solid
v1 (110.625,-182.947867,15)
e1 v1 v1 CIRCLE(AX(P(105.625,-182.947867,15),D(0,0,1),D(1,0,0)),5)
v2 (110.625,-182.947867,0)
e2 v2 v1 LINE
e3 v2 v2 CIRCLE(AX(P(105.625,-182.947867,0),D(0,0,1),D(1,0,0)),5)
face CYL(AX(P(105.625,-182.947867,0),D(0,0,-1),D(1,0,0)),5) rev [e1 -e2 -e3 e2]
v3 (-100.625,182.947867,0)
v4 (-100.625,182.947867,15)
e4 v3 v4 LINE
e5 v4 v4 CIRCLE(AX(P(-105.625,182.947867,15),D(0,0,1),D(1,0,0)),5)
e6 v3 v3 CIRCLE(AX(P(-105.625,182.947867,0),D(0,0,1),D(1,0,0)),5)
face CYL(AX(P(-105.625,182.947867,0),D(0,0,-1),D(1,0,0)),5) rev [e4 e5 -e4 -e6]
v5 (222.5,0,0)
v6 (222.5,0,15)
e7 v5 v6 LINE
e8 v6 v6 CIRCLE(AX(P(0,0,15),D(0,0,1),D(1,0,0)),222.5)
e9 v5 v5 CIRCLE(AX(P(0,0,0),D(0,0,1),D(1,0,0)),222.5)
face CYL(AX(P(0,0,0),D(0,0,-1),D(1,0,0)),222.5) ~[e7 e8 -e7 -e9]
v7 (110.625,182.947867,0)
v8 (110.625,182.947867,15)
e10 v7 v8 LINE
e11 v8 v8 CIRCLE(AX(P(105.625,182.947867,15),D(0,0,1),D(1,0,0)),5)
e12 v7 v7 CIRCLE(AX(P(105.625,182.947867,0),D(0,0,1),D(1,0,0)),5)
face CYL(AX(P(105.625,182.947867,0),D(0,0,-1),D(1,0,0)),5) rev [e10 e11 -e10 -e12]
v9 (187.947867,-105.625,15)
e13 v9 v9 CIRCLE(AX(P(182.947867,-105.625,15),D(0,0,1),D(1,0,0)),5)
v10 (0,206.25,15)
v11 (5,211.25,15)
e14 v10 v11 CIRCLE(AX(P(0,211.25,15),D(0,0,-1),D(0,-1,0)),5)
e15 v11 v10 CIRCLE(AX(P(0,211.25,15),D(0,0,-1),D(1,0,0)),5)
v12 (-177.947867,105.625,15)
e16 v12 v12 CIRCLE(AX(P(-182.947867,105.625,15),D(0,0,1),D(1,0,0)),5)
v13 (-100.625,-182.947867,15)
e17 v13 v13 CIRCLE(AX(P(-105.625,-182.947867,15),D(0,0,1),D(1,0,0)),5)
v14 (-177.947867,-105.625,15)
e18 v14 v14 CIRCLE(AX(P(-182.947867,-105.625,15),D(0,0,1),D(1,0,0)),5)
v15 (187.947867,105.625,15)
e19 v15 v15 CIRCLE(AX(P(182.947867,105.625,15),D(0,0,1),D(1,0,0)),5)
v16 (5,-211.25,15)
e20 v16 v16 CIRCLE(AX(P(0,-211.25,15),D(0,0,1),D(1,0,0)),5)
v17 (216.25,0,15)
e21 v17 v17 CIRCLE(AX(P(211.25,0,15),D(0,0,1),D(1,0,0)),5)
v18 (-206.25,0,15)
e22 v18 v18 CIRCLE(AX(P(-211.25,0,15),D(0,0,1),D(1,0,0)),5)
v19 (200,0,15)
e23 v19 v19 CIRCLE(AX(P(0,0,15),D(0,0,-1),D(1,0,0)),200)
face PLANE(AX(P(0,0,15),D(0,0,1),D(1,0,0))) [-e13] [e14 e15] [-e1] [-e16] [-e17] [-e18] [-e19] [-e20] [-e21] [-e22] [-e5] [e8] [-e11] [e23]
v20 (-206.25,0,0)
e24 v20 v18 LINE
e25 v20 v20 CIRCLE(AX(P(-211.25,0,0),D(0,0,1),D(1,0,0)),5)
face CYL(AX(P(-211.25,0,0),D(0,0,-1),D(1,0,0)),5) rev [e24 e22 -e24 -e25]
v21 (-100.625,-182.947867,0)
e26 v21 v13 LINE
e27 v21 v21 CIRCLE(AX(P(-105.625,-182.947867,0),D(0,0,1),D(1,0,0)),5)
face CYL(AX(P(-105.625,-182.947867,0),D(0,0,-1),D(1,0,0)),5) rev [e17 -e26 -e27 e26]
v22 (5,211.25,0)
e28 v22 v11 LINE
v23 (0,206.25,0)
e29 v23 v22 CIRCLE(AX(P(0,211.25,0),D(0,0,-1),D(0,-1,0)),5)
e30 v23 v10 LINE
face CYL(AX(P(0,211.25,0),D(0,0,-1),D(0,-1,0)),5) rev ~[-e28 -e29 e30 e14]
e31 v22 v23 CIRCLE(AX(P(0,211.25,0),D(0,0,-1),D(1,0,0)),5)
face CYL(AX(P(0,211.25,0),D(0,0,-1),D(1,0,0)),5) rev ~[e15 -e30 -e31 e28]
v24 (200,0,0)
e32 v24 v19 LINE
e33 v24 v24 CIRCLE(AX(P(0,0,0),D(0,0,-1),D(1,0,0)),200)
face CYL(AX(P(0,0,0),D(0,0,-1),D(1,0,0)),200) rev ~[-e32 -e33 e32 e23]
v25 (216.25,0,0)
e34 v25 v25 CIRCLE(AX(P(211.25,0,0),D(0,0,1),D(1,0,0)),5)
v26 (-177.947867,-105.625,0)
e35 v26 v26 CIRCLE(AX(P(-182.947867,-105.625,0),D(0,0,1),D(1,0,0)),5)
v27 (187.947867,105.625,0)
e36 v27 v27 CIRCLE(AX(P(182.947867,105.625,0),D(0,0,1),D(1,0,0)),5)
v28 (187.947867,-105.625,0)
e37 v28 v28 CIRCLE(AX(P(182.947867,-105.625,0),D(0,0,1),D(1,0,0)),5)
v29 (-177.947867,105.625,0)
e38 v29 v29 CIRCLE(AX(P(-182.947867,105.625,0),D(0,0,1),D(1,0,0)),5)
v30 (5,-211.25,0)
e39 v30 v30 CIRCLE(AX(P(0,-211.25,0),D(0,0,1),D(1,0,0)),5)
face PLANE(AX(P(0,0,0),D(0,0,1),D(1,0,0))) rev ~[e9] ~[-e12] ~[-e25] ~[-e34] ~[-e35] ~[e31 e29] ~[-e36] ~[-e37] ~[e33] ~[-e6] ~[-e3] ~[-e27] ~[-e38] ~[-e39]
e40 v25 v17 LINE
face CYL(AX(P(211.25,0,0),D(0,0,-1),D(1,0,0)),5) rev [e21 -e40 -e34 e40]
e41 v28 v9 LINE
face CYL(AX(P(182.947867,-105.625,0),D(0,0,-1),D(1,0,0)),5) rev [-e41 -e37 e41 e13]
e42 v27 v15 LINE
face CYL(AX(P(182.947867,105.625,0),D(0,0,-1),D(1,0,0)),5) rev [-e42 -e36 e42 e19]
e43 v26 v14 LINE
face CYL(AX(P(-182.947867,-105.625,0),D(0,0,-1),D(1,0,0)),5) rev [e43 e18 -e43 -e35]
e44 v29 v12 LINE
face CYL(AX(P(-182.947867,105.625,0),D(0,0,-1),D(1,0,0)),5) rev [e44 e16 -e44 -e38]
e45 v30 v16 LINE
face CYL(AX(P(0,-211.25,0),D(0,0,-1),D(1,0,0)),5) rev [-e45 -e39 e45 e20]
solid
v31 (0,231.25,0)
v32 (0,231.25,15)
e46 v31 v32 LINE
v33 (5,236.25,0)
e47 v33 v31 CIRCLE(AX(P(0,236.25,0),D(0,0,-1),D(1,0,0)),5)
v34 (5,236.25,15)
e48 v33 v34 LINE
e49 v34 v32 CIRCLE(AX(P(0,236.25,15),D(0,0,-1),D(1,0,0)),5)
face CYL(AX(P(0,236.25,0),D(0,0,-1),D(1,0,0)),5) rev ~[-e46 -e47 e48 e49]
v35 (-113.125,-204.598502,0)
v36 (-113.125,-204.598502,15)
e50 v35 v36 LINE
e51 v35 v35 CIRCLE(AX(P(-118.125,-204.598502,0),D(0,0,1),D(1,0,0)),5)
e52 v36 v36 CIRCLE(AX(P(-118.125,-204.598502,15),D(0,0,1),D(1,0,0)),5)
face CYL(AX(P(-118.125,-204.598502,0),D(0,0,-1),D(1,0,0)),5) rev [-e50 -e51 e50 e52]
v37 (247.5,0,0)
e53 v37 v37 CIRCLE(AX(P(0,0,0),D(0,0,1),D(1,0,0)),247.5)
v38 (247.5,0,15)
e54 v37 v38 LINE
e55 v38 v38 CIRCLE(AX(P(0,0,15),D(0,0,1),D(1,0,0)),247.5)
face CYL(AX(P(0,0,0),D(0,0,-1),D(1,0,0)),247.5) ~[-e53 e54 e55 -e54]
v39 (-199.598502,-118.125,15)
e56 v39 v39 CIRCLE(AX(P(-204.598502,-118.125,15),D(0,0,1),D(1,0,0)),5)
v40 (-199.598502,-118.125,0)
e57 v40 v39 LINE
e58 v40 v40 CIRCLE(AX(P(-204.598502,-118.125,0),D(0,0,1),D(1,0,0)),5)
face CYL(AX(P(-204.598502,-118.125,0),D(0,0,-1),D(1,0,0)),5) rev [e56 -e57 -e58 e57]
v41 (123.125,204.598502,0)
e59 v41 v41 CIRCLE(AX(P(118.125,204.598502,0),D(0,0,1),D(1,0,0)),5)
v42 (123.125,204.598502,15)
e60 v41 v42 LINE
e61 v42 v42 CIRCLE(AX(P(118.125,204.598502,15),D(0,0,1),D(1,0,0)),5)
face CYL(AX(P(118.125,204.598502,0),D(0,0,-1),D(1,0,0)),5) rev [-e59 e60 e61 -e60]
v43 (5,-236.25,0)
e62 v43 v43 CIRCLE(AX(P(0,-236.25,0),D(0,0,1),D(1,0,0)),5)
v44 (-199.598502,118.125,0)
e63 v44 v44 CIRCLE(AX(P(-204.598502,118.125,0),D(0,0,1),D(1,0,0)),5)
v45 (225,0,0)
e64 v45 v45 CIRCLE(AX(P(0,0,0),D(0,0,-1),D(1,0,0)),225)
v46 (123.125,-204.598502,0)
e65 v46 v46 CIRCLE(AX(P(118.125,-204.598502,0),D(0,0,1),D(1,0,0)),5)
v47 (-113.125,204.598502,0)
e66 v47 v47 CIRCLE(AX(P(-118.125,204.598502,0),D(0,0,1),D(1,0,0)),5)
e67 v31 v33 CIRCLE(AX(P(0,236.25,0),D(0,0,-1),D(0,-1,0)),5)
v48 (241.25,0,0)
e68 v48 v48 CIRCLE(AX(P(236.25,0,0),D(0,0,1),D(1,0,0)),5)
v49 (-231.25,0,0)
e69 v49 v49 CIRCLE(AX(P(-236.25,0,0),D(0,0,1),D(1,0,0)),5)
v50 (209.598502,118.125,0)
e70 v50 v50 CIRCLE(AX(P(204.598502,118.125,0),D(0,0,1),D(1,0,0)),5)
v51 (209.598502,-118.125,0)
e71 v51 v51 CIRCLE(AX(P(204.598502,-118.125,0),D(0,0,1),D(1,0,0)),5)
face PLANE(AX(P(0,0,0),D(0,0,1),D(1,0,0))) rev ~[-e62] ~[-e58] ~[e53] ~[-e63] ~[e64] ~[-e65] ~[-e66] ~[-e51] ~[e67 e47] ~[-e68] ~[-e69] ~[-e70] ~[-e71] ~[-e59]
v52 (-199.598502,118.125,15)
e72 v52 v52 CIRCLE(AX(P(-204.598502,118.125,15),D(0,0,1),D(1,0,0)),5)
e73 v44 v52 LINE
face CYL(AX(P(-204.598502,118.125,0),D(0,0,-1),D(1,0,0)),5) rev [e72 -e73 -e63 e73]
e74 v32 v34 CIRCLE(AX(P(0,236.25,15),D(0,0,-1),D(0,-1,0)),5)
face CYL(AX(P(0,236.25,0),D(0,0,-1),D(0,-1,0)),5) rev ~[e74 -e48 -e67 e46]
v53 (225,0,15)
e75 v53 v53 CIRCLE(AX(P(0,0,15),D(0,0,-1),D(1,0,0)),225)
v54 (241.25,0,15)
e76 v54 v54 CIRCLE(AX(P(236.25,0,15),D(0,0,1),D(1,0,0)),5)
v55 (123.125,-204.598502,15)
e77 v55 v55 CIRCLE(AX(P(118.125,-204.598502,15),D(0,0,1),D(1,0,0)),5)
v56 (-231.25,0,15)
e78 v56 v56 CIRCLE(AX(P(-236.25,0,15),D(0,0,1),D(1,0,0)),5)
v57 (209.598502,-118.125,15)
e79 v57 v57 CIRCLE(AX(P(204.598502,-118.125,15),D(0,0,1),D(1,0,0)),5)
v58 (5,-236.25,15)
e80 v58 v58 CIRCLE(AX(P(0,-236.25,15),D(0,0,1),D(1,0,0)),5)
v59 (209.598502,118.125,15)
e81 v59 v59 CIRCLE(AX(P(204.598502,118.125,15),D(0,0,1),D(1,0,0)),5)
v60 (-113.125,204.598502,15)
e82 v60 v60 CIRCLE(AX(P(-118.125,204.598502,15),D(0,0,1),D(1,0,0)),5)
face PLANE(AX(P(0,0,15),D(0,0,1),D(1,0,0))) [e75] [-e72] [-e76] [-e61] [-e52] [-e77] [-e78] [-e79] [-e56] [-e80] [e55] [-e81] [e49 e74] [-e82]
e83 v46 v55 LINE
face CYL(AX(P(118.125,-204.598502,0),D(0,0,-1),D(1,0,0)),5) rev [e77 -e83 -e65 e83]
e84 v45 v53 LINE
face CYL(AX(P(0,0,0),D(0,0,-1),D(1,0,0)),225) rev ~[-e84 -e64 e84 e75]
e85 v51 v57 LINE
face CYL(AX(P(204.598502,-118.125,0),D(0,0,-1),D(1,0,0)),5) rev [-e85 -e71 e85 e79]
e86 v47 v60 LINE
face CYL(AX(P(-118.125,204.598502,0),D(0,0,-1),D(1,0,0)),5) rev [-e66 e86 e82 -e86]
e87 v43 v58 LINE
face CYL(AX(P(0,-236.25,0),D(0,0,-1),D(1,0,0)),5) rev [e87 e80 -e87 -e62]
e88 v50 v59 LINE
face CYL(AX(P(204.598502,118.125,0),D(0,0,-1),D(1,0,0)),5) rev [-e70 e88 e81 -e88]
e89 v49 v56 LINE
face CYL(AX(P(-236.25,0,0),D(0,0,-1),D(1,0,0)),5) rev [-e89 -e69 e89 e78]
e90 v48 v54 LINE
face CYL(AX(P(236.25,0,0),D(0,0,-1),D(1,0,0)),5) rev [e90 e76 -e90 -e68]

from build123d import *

# Parameters (mm, degrees)
F0_R     = 222.5
F0_R_2   = 5
F1_DEPTH = 15
F0_R_3   = 247.5


with BuildPart() as f1:
    # F0 (on Top) → F1 (new body)
    with BuildSketch(Plane.XY):
        Circle(F0_R)
        with Locations((-105.625, -182.9478665495)):
            Circle(F0_R_2, mode=Mode.SUBTRACT)
        with Locations((-182.9478665495, -105.625)):
            Circle(F0_R_2, mode=Mode.SUBTRACT)
        with Locations((0, -211.25)):
            Circle(F0_R_2, mode=Mode.SUBTRACT)
        with Locations((105.625, -182.9478665495)):
            Circle(F0_R_2, mode=Mode.SUBTRACT)
        with Locations((182.9478665495, -105.625)):
            Circle(F0_R_2, mode=Mode.SUBTRACT)
        with Locations((-211.25, 0)):
            Circle(F0_R_2, mode=Mode.SUBTRACT)
        with Locations((-182.9478665495, 105.625)):
            Circle(F0_R_2, mode=Mode.SUBTRACT)
        with Locations((-105.625, 182.9478665495)):
            Circle(F0_R_2, mode=Mode.SUBTRACT)
        with BuildLine():
            ThreePointArc((0, 200), (141.4213562373, 141.4213562373), (200, 0))
            ThreePointArc((200, 0), (-141.4213562373, -141.4213562373), (0, 200))
        make_face(mode=Mode.SUBTRACT)
        with Locations((211.25, 0)):
            Circle(F0_R_2, mode=Mode.SUBTRACT)
        with Locations((182.9478665495, 105.625)):
            Circle(F0_R_2, mode=Mode.SUBTRACT)
        with Locations((105.625, 182.9478665495)):
            Circle(F0_R_2, mode=Mode.SUBTRACT)
        with BuildLine():
            ThreePointArc((5, 211.25), (3.5355339059, 207.7144660941), (0, 206.25))
            ThreePointArc((0, 206.25), (-3.5355339059, 214.7855339059), (5, 211.25))
        make_face(mode=Mode.SUBTRACT)
    extrude(amount=F1_DEPTH)


with BuildPart() as f1b:
    # F0 (on Top) → F1, piece 2 (new body)
    with BuildSketch(Plane.XY):
        Circle(F0_R_3)
        with Locations((-118.125, -204.5985016441)):
            Circle(F0_R_2, mode=Mode.SUBTRACT)
        with Locations((-204.5985016441, -118.125)):
            Circle(F0_R_2, mode=Mode.SUBTRACT)
        with Locations((0, -236.25)):
            Circle(F0_R_2, mode=Mode.SUBTRACT)
        with Locations((118.125, -204.5985016441)):
            Circle(F0_R_2, mode=Mode.SUBTRACT)
        with Locations((204.5985016441, -118.125)):
            Circle(F0_R_2, mode=Mode.SUBTRACT)
        with Locations((-236.25, 0)):
            Circle(F0_R_2, mode=Mode.SUBTRACT)
        with Locations((-204.5985016441, 118.125)):
            Circle(F0_R_2, mode=Mode.SUBTRACT)
        with Locations((-118.125, 204.5985016441)):
            Circle(F0_R_2, mode=Mode.SUBTRACT)
        with BuildLine():
            ThreePointArc((0, 225), (159.099025767, 159.099025767), (225, 0))
            ThreePointArc((225, 0), (-159.099025767, -159.099025767), (0, 225))
        make_face(mode=Mode.SUBTRACT)
        with Locations((236.25, 0)):
            Circle(F0_R_2, mode=Mode.SUBTRACT)
        with Locations((204.5985016441, 118.125)):
            Circle(F0_R_2, mode=Mode.SUBTRACT)
        with BuildLine():
            ThreePointArc((5, 236.25), (3.5355339059, 232.7144660941), (0, 231.25))
            ThreePointArc((0, 231.25), (-3.5355339059, 239.7855339059), (5, 236.25))
        make_face(mode=Mode.SUBTRACT)
        with Locations((118.125, 204.5985016441)):
            Circle(F0_R_2, mode=Mode.SUBTRACT)
    extrude(amount=F1_DEPTH)


solid = Compound([f1.part, f1b.part])
